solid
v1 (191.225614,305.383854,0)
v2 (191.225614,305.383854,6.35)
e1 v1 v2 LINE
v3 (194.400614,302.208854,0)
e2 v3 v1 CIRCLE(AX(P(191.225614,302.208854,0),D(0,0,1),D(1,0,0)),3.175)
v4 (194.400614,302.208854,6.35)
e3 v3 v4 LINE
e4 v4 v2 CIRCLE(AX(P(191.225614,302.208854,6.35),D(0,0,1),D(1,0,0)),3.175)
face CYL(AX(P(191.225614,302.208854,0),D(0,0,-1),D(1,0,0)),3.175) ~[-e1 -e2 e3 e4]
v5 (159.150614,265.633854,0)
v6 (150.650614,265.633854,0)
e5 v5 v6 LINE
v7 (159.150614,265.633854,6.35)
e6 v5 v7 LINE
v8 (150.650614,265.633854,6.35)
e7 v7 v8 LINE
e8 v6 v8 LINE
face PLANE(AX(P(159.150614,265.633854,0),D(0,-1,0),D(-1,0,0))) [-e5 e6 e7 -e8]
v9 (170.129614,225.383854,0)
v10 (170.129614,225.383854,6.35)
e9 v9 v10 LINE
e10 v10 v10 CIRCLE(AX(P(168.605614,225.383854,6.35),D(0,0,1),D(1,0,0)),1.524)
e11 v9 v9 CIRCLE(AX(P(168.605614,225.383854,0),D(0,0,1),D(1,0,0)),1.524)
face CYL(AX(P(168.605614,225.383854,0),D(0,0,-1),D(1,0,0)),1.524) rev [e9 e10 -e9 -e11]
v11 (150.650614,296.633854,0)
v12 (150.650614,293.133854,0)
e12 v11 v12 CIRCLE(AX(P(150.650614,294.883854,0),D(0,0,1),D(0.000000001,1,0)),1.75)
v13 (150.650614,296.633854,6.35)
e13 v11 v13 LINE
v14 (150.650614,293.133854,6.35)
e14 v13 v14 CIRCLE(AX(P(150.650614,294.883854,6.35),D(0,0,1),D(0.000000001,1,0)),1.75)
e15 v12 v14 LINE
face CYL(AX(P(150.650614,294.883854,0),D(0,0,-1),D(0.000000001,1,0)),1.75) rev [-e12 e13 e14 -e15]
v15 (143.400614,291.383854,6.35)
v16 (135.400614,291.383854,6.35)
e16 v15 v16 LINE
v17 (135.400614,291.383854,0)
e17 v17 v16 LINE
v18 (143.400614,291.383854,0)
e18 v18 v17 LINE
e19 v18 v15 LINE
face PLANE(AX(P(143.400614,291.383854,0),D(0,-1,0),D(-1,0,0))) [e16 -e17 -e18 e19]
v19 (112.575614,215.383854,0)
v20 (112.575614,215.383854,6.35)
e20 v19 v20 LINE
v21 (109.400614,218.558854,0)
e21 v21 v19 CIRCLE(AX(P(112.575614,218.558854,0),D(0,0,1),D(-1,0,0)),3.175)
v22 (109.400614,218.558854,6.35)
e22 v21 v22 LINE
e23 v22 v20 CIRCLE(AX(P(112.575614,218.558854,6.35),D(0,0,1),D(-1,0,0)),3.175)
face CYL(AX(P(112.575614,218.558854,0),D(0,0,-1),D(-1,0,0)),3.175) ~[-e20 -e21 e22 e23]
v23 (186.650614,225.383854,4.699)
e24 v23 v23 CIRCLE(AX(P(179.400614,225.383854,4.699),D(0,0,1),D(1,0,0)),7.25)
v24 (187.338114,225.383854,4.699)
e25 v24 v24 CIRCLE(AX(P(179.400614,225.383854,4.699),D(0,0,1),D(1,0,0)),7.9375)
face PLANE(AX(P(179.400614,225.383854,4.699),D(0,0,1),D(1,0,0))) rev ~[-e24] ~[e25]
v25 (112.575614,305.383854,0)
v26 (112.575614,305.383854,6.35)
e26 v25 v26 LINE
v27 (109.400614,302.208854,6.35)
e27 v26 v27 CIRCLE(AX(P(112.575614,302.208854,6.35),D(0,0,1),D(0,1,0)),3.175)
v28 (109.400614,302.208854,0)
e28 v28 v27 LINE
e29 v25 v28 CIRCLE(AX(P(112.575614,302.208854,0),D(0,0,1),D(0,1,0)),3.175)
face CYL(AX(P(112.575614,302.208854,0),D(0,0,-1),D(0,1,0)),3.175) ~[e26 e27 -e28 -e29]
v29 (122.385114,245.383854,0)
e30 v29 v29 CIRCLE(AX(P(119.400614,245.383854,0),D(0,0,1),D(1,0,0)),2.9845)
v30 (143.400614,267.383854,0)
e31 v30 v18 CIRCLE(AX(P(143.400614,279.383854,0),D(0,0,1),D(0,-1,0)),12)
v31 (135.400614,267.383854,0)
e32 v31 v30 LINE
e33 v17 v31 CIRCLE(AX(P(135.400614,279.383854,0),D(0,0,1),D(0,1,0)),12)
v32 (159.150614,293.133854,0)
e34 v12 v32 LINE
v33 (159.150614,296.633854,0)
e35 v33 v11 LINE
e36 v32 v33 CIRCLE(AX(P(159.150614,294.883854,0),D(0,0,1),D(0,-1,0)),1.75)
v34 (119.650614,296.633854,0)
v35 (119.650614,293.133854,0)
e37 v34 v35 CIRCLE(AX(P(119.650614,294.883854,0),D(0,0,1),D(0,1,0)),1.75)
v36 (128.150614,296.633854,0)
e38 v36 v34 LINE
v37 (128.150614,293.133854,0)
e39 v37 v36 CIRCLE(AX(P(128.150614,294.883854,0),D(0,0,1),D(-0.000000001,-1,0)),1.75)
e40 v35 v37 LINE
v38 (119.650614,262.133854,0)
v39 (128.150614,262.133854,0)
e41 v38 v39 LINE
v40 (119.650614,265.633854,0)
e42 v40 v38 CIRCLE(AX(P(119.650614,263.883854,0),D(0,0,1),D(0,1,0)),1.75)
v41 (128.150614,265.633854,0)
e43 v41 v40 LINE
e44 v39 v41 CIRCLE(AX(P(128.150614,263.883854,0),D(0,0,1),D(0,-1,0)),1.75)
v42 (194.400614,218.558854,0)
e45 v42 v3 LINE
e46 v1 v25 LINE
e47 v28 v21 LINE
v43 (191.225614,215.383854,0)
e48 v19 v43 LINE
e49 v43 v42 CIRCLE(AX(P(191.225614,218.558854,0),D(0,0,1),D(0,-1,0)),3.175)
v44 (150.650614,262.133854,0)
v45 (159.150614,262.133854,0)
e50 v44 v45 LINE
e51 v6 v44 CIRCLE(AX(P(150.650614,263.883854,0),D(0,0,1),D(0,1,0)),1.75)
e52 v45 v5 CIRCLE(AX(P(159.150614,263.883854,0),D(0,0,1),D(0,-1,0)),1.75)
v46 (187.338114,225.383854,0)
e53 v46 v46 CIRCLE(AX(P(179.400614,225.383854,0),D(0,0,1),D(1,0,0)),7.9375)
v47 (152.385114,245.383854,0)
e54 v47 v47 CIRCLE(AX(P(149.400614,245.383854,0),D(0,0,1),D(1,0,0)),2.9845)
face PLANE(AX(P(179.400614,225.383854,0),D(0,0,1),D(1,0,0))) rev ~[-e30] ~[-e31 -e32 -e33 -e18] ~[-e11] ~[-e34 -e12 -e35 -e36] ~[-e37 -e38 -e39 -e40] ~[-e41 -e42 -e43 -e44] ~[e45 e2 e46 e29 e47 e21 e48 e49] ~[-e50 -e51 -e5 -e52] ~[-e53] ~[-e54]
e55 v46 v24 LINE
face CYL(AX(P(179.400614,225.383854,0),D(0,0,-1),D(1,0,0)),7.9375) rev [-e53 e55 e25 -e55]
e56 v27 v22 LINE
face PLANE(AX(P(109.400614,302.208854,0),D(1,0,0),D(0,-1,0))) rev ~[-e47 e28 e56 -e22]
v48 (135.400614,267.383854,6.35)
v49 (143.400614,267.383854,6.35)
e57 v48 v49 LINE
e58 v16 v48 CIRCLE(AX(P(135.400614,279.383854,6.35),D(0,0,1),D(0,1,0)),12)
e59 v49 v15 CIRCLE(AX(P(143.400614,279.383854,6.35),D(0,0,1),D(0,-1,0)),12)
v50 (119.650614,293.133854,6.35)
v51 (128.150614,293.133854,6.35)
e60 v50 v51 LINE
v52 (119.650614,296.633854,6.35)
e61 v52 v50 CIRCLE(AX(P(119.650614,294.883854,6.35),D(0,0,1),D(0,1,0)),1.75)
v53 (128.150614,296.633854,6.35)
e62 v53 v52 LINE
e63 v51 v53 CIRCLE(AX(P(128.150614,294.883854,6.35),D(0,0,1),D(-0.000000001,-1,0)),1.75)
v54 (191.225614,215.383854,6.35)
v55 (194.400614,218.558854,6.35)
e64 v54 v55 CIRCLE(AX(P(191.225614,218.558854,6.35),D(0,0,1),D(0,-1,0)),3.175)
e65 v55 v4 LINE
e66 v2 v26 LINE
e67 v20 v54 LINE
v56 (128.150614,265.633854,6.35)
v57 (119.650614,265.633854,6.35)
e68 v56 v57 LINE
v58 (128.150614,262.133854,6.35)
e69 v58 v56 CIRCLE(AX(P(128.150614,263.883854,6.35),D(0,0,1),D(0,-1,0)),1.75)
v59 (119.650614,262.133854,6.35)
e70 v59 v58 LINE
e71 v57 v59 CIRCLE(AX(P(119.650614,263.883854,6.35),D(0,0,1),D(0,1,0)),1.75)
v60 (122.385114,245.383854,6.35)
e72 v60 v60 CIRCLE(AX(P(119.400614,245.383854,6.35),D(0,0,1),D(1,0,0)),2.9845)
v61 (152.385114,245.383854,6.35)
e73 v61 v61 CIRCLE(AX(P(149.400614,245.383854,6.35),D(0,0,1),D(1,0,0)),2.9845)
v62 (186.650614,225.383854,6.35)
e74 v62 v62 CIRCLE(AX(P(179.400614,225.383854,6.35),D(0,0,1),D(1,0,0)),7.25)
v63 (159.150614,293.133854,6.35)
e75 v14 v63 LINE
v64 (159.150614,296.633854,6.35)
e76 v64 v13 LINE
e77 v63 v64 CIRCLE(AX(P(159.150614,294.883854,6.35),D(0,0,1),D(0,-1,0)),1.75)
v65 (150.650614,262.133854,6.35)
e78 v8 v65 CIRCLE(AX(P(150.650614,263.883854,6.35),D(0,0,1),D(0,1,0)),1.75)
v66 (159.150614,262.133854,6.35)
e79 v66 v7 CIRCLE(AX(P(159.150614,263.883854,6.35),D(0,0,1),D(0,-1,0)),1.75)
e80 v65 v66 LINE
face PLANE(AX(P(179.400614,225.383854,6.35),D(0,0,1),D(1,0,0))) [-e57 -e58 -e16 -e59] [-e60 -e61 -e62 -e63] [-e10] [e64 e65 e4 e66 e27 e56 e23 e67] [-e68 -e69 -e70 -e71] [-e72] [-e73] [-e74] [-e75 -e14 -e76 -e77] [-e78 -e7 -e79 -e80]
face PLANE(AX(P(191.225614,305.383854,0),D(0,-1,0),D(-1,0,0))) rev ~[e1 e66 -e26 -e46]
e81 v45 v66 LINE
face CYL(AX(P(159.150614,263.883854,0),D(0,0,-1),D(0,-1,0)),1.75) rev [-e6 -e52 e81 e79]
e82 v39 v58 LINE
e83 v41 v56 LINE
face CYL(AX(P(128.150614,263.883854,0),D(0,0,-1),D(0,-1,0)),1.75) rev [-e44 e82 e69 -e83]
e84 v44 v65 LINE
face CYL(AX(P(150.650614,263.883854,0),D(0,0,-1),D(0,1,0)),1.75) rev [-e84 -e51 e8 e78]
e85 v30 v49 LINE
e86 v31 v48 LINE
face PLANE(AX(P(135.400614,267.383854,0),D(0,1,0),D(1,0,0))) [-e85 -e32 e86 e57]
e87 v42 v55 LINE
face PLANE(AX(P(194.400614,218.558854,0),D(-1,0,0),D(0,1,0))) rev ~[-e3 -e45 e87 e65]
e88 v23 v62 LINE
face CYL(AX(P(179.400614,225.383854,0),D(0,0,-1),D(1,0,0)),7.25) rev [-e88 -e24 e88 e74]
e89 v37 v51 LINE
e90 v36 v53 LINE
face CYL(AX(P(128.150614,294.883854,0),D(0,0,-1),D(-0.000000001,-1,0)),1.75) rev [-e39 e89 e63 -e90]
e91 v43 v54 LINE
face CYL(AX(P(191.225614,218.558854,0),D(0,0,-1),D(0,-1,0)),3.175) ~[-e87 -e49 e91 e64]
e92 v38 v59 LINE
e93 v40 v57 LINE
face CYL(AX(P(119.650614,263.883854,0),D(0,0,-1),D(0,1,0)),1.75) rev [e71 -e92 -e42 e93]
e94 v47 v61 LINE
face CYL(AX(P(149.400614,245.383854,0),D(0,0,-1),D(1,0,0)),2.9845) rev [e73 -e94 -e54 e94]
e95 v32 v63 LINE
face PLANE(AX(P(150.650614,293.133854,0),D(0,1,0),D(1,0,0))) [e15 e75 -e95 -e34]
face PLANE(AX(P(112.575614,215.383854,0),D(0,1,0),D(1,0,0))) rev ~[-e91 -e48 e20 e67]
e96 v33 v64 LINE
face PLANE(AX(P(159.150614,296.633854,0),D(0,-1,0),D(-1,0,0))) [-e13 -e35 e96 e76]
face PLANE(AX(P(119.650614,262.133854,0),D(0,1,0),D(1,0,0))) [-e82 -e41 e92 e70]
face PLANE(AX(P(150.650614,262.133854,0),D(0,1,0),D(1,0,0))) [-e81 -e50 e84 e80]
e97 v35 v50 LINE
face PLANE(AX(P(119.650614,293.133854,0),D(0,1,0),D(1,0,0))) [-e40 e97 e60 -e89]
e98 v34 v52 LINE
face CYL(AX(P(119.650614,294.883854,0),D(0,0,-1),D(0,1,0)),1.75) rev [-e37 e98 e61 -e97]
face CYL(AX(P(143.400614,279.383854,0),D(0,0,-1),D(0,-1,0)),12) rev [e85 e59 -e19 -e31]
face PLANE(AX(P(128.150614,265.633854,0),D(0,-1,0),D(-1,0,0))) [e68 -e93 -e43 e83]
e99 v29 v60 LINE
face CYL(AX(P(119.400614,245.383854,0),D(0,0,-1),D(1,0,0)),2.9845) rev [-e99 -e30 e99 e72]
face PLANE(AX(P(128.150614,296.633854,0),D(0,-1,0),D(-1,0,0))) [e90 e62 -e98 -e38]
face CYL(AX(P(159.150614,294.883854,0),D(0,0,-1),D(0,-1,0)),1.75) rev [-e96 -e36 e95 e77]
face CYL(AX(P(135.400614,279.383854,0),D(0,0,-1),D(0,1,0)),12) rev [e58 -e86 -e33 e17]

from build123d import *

# Parameters (mm, degrees)
SKETCH1_R           = 2.9845
SKETCH1_R_2         = 1.524
SKETCH1_R_3         = 7.250000001
BOSS_EXTRUDE1_DEPTH = 6.35
SKETCH1_3_R         = 7.9375
SKETCH1_3_R_2       = 7.250000001
CUT_EXTRUDE1_DEPTH  = 4.699


with BuildPart() as part:
    # Sketch1 → Boss-Extrude1 (new body)
    with BuildSketch(Plane.XY):
        with BuildLine():
            ThreePointArc((112.575613802, 305.383854225), (110.330549772, 304.453918255), (109.400613802, 302.208854225))
            Line((109.400613802, 302.208854225), (109.400613802, 218.558854223))
            ThreePointArc((109.400613802, 218.558854223), (110.330549772, 216.313790192), (112.575613802, 215.383854223))
            Line((112.575613802, 215.383854223), (191.225613804, 215.383854223))
            ThreePointArc((191.225613804, 215.383854223), (193.470677834, 216.313790192), (194.400613804, 218.558854223))
            Line((194.400613804, 218.558854223), (194.400613804, 302.208854225))
            ThreePointArc((194.400613804, 302.208854225), (193.470677834, 304.453918255), (191.225613804, 305.383854225))
            Line((191.225613804, 305.383854225), (112.575613802, 305.383854225))
        make_face()
        with Locations((119.400613802, 245.383854222)):
            Circle(SKETCH1_R, mode=Mode.SUBTRACT)
        with Locations((149.400613802, 245.383854222)):
            Circle(SKETCH1_R, mode=Mode.SUBTRACT)
        with Locations((168.605613802, 225.383854222)):
            Circle(SKETCH1_R_2, mode=Mode.SUBTRACT)
        with BuildLine():
            Line((128.150613802, 262.133854222), (119.650613802, 262.133854222))
            ThreePointArc((119.650613802, 262.133854222), (117.900613802, 263.883854223), (119.650613802, 265.633854223))
            Line((119.650613802, 265.633854223), (128.150613802, 265.633854223))
            ThreePointArc((128.150613802, 265.633854223), (129.900613803, 263.883854223), (128.150613802, 262.133854222))
        make_face(mode=Mode.SUBTRACT)
        with BuildLine():
            Line((143.400613803, 267.383854223), (135.400613803, 267.383854223))
            ThreePointArc((135.400613803, 267.383854223), (123.400613803, 279.383854223), (135.400613803, 291.383854224))
            Line((135.400613803, 291.383854224), (143.400613803, 291.383854224))
            ThreePointArc((143.400613803, 291.383854224), (155.400613803, 279.383854223), (143.400613803, 267.383854223))
        make_face(mode=Mode.SUBTRACT)
        with BuildLine():
            ThreePointArc((128.150613802, 296.633854224), (129.900613803, 294.883854224), (128.150613802, 293.133854224))
            Line((128.150613802, 293.133854224), (119.650613802, 293.133854224))
            ThreePointArc((119.650613802, 293.133854224), (117.900613802, 294.883854224), (119.650613802, 296.633854224))
            Line((119.650613802, 296.633854224), (128.150613802, 296.633854224))
        make_face(mode=Mode.SUBTRACT)
        with BuildLine():
            ThreePointArc((159.150613804, 265.633854223), (160.900613804, 263.883854223), (159.150613804, 262.133854222))
            Line((159.150613804, 262.133854222), (150.650613804, 262.133854222))
            ThreePointArc((150.650613804, 262.133854222), (148.900613803, 263.883854223), (150.650613804, 265.633854223))
            Line((150.650613804, 265.633854223), (159.150613804, 265.633854223))
        make_face(mode=Mode.SUBTRACT)
        with BuildLine():
            Line((159.150613804, 293.133854224), (150.650613804, 293.133854224))
            ThreePointArc((150.650613804, 293.133854224), (148.900613803, 294.883854224), (150.650613804, 296.633854224))
            Line((150.650613804, 296.633854224), (159.150613804, 296.633854224))
            ThreePointArc((159.150613804, 296.633854224), (160.900613804, 294.883854224), (159.150613804, 293.133854224))
        make_face(mode=Mode.SUBTRACT)
        with Locations((179.400613802, 225.383854222)):
            Circle(SKETCH1_R_3, mode=Mode.SUBTRACT)
    extrude(amount=BOSS_EXTRUDE1_DEPTH)

    # Sketch1<3> → Cut-Extrude1 (cut)
    with BuildSketch(Plane.XY):
        with Locations((179.400613802, 225.383854222)):
            Circle(SKETCH1_3_R)
        with Locations((179.400613802, 225.383854222)):
            Circle(SKETCH1_3_R_2, mode=Mode.SUBTRACT)
    extrude(amount=CUT_EXTRUDE1_DEPTH, mode=Mode.SUBTRACT)


solid = part.part
